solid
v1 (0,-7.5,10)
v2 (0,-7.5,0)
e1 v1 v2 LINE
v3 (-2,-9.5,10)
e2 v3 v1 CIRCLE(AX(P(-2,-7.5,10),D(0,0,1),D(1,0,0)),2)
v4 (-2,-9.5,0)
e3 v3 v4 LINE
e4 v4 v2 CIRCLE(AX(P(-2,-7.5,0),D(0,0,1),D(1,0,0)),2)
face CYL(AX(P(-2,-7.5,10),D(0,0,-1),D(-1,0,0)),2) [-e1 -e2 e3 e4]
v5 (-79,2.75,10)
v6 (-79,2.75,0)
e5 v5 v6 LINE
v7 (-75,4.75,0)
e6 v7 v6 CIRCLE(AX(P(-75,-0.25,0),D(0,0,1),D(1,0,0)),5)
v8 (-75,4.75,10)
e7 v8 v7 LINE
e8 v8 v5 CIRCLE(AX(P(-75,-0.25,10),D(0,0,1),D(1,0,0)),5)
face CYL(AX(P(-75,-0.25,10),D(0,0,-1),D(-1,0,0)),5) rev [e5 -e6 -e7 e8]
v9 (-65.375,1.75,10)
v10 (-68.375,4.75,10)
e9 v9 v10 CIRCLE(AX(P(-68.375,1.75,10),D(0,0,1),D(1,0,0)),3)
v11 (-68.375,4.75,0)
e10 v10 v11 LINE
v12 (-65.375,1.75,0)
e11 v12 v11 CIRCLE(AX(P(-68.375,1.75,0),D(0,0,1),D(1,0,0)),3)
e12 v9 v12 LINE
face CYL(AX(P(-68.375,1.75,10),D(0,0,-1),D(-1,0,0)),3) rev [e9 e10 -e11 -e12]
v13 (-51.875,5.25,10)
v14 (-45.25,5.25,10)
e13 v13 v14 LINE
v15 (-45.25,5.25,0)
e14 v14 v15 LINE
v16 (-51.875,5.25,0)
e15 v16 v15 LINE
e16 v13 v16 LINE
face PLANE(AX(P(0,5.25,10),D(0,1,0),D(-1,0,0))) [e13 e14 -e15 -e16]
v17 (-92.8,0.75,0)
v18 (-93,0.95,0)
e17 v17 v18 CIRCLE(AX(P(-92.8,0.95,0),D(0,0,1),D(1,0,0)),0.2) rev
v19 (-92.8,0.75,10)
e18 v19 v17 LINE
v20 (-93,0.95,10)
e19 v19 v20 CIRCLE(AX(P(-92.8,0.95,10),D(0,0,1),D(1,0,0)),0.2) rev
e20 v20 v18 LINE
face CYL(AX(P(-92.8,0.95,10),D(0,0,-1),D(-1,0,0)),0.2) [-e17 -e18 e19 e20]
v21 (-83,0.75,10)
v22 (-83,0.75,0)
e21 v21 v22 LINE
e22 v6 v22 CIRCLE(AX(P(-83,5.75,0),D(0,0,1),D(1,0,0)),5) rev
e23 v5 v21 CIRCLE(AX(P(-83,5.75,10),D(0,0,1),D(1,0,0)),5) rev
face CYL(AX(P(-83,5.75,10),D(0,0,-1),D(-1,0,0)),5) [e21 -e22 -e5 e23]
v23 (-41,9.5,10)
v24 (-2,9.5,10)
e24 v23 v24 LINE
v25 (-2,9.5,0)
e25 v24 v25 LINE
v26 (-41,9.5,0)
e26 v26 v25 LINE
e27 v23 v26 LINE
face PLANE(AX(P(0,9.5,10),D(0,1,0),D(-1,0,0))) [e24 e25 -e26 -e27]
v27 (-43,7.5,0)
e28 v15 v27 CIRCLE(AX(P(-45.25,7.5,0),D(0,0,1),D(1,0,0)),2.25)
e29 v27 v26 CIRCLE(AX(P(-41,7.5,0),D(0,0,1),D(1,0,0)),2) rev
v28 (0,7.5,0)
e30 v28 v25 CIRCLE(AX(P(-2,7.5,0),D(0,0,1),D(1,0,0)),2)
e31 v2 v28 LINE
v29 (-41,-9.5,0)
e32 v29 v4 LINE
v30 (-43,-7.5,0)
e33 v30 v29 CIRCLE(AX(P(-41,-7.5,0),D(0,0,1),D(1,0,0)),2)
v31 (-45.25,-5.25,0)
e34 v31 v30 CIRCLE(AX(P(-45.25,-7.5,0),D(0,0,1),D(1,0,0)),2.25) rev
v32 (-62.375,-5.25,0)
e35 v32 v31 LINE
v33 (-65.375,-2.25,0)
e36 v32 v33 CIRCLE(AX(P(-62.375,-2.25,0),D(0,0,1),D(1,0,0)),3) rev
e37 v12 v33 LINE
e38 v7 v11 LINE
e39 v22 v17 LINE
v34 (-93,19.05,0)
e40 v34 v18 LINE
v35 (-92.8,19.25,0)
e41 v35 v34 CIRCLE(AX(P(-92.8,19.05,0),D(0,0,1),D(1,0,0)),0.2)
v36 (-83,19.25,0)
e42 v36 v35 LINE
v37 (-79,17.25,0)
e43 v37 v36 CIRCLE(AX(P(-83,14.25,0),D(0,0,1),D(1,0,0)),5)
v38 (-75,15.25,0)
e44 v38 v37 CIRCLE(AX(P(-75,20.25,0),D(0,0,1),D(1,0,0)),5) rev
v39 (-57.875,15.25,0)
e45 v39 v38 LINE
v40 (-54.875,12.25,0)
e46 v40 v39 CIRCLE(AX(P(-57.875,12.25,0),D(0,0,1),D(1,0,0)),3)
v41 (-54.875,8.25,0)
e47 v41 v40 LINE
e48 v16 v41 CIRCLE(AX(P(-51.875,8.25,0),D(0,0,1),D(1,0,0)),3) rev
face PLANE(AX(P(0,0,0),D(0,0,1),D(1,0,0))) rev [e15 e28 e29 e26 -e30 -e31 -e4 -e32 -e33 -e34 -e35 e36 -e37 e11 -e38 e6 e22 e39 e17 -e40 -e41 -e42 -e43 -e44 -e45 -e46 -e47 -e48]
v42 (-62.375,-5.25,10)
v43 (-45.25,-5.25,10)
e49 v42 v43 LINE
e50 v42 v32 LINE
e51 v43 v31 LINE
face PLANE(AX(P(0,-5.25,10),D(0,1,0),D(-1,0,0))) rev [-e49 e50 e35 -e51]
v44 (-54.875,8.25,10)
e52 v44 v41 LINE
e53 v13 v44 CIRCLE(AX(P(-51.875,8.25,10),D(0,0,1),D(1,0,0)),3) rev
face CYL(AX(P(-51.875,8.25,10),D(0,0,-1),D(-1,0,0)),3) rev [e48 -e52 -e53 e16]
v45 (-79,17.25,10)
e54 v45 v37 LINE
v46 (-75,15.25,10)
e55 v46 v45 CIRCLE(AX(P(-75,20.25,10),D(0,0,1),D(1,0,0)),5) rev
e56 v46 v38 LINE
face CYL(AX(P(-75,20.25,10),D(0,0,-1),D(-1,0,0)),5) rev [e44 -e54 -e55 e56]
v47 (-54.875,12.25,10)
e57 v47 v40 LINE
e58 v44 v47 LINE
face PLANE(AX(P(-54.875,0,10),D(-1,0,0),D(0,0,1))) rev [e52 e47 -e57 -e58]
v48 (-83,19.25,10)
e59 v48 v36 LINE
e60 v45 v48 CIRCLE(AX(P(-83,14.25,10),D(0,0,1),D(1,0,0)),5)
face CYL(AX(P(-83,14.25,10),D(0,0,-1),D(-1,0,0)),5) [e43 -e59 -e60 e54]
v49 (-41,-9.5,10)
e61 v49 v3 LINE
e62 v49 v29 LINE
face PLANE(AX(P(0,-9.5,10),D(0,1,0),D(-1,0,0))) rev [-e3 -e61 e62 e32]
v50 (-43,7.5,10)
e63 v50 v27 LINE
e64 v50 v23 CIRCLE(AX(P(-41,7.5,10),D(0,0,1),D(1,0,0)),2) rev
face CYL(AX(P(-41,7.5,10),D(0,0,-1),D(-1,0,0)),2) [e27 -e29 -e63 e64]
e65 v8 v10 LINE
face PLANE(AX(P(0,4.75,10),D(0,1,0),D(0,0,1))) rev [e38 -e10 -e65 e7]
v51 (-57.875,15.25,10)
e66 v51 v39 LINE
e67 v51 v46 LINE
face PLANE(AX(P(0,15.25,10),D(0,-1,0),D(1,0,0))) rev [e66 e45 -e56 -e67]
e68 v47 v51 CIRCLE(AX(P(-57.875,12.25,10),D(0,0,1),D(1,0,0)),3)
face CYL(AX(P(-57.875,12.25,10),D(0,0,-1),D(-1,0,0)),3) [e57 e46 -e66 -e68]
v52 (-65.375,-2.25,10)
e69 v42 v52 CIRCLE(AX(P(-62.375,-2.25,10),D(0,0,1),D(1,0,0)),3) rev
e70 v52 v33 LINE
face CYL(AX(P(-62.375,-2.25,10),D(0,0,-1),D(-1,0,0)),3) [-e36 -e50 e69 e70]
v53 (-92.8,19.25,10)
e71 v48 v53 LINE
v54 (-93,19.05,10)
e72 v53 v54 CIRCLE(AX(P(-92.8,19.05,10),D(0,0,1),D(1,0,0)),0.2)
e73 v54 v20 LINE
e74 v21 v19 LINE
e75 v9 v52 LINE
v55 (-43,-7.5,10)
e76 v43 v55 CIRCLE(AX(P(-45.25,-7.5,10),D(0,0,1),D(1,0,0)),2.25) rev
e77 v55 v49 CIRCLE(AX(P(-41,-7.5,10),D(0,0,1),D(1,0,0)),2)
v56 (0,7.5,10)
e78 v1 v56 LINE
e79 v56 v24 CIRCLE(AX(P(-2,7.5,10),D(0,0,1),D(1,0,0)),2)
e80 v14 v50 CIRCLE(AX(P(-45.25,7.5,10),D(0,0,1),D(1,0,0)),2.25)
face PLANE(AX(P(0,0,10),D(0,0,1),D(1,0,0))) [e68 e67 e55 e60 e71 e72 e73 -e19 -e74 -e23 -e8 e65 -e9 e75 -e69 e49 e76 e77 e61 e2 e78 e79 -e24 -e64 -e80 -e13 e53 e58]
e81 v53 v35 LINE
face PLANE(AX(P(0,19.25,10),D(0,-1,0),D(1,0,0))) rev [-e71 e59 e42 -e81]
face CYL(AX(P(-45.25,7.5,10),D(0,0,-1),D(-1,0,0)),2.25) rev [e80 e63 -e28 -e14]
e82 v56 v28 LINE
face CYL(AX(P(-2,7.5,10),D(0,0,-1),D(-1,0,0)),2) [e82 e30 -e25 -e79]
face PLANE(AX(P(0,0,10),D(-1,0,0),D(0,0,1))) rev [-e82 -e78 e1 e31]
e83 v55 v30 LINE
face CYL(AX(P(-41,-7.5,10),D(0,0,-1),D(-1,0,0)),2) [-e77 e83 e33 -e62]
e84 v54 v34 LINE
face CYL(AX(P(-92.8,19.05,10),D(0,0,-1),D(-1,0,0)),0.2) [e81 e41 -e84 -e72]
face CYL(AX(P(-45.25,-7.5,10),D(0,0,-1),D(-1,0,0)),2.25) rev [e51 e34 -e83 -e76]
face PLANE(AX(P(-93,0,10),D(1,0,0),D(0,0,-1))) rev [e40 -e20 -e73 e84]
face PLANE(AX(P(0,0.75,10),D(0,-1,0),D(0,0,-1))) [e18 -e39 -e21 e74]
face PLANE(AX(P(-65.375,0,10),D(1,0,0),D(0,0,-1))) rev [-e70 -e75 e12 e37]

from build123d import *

# Parameters (mm, degrees)
BOSS_EXTRUDE2_DEPTH = 10


with BuildPart() as part:
    # Sketch1 → Boss-Extrude2 (new body)
    with BuildSketch(Plane(origin=(0, 0, 0), x_dir=(0, 1, 0), z_dir=(0, 0, 1))):
        with BuildLine():
            Line((19.25, 83), (19.25, 92.8))
            ThreePointArc((19.25, 92.8), (19.191421356, 92.941421356), (19.05, 93))
            Line((19.05, 93), (0.95, 93))
            ThreePointArc((0.95, 93), (0.808578644, 92.941421356), (0.75, 92.8))
            Line((0.75, 92.8), (0.75, 83))
            ThreePointArc((0.75, 83), (1.277864045, 80.763932023), (2.75, 79))
            ThreePointArc((2.75, 79), (4.222135955, 77.236067977), (4.75, 75))
            Line((4.75, 75), (4.75, 68.375))
            ThreePointArc((4.75, 68.375), (3.871320344, 66.253679656), (1.75, 65.375))
            Line((1.75, 65.375), (-2.25, 65.375))
            ThreePointArc((-2.25, 65.375), (-4.371320344, 64.496320344), (-5.25, 62.375))
            Line((-5.25, 62.375), (-5.25, 45.25))
            ThreePointArc((-5.25, 45.25), (-5.909009742, 43.659009742), (-7.5, 43))
            ThreePointArc((-7.5, 43), (-8.914213562, 42.414213562), (-9.5, 41))
            Line((-9.5, 41), (-9.5, 2))
            ThreePointArc((-9.5, 2), (-8.914213562, 0.585786438), (-7.5, 0))
            Line((-7.5, 0), (7.5, 0))
            ThreePointArc((7.5, 0), (8.914213562, 0.585786438), (9.5, 2))
            Line((9.5, 2), (9.5, 41))
            ThreePointArc((9.5, 41), (8.914213562, 42.414213562), (7.5, 43))
            ThreePointArc((7.5, 43), (5.909009742, 43.659009742), (5.25, 45.25))
            Line((5.25, 45.25), (5.25, 51.875))
            ThreePointArc((5.25, 51.875), (6.128679656, 53.996320344), (8.25, 54.875))
            Line((8.25, 54.875), (12.25, 54.875))
            ThreePointArc((12.25, 54.875), (14.371320344, 55.753679656), (15.25, 57.875))
            Line((15.25, 57.875), (15.25, 75))
            ThreePointArc((15.25, 75), (15.777864045, 77.236067977), (17.25, 79))
            ThreePointArc((17.25, 79), (18.722135955, 80.763932023), (19.25, 83))
        make_face()
    extrude(amount=BOSS_EXTRUDE2_DEPTH)


solid = part.part
